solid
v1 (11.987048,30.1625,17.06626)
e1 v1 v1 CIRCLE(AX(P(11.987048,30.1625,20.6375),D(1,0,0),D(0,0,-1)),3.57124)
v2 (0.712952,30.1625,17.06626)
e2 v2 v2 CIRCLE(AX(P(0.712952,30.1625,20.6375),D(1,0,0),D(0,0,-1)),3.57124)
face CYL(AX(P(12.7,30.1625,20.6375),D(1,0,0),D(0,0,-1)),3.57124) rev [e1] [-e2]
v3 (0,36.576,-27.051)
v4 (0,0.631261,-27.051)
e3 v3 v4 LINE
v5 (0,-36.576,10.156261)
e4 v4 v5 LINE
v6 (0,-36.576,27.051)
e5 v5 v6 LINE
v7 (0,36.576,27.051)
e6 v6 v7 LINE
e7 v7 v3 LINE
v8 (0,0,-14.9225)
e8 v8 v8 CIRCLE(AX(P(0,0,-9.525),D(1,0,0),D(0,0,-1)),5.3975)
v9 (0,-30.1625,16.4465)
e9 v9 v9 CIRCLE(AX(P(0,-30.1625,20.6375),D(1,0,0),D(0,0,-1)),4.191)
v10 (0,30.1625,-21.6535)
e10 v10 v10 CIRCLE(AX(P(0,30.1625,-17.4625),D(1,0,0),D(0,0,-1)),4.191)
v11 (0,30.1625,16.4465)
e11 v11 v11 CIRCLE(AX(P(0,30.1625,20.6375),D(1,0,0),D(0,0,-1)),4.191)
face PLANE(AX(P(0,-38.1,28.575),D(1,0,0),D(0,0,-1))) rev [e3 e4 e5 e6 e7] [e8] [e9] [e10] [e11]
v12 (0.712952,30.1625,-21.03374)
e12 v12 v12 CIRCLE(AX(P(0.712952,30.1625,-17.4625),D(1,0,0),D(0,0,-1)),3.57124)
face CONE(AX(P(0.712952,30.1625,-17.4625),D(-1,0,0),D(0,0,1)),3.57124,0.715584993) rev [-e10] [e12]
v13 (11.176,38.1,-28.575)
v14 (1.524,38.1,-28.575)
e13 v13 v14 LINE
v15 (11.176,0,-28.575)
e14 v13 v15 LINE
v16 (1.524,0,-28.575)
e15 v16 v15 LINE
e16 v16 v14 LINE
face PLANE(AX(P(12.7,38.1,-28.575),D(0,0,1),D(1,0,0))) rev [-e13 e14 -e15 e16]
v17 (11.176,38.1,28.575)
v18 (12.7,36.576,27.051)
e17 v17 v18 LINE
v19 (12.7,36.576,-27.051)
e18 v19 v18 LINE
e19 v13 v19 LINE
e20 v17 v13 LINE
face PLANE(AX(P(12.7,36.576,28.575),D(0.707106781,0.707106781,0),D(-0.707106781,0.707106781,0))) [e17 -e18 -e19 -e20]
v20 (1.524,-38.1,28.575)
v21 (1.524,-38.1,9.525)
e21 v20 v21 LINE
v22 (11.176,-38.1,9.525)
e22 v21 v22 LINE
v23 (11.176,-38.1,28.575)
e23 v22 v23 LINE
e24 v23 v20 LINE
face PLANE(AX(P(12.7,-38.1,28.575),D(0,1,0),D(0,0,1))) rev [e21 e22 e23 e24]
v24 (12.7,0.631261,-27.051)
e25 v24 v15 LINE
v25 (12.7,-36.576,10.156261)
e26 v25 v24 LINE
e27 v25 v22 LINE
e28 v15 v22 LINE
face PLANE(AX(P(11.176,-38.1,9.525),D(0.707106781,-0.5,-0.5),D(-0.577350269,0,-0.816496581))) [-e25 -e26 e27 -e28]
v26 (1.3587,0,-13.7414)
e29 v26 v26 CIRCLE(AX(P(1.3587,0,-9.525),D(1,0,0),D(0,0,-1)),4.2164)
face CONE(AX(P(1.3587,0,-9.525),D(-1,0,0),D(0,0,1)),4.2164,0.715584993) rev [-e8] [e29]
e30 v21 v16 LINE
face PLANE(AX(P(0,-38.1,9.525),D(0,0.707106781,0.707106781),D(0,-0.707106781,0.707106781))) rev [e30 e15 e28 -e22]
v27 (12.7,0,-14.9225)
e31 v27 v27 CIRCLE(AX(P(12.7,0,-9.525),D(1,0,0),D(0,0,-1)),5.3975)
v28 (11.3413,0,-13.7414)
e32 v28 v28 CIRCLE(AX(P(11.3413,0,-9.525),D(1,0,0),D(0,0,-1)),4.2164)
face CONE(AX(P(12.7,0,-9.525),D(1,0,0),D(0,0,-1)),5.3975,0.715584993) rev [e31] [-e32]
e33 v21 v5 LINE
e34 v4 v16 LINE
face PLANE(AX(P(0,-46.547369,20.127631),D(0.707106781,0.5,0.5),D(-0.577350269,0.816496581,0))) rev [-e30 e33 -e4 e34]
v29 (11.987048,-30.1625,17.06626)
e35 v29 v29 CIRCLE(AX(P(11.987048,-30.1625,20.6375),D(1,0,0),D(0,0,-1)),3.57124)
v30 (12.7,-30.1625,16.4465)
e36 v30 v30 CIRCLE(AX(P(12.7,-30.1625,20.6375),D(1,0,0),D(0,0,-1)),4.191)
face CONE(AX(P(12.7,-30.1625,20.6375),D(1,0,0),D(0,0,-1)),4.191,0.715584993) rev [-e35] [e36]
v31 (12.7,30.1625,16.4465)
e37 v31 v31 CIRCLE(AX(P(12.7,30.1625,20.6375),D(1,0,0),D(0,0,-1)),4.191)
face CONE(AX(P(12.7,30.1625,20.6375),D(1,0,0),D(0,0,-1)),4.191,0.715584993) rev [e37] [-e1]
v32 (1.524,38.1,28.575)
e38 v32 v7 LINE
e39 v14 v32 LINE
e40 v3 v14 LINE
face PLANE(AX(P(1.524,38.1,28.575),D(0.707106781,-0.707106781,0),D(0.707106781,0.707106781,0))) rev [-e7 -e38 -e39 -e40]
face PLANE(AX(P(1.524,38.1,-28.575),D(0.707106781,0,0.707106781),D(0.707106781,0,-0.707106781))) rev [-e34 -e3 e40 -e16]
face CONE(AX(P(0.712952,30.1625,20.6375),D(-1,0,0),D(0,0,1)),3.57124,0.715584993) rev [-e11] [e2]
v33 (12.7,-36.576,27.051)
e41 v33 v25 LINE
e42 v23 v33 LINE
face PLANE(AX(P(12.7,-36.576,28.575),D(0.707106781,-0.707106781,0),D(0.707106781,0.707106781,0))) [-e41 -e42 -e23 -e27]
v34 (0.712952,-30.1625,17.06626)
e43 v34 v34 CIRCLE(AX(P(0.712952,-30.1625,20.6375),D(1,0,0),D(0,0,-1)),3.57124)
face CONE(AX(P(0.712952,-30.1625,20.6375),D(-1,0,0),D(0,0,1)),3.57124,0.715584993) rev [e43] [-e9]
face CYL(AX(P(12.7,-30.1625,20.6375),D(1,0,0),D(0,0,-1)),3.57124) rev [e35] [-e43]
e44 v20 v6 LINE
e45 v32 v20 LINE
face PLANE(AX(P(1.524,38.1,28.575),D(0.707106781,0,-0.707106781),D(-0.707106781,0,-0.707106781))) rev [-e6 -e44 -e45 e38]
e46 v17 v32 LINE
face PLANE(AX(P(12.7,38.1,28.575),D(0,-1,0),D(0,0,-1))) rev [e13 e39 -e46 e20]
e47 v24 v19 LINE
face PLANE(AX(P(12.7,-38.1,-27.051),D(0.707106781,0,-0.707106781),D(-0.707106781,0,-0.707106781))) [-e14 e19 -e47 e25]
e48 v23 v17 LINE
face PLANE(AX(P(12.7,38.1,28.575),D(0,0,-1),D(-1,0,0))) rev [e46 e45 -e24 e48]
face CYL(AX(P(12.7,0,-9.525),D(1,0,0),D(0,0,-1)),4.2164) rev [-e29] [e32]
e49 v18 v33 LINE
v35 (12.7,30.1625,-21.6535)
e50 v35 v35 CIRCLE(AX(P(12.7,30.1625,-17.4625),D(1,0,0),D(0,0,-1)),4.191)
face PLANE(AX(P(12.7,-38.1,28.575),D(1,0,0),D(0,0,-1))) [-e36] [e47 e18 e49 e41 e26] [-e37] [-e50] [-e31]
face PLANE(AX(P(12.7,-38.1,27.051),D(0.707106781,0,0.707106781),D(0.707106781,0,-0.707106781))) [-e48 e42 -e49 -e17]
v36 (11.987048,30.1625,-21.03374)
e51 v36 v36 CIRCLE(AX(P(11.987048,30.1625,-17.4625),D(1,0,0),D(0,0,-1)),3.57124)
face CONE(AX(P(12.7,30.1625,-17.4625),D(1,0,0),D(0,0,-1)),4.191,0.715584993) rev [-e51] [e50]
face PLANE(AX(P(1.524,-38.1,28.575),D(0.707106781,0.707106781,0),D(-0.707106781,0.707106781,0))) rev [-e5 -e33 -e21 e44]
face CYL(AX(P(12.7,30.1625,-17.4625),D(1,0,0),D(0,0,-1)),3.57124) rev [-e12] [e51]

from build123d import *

# Parameters (mm, degrees)
SKETCH1_W                        = 57.15
SKETCH1_H                        = 76.2
EXTRUDE1_DEPTH                   = 12.7
F_1_4_CLEARANCE_HOLE1_AT_2_COUNT = 2
F_1_4_CLEARANCE_HOLE1_AT_2_PITCH = 60.325
F_1_4_CLEARANCE_HOLE1_AT_3_COUNT = 2
F_1_4_CLEARANCE_HOLE1_AT_3_PITCH = 38.1
CUT_EXTRUDE2_DEPTH               = 13.7
CHAMFER1_SIZE                    = 1.524


with BuildPart() as part:
    # Sketch1 → Extrude1 (new body)
    with BuildSketch(Plane(origin=(0, 0, 0), x_dir=(0, 0, -1), z_dir=(1, 0, 0))):
        Rectangle(SKETCH1_W, SKETCH1_H)
    extrude(amount=EXTRUDE1_DEPTH)

    # Sketch2 → 1/4 Clearance Hole1 (revolve, cut)
    with BuildSketch(Plane(origin=(12.7, 30.1625, 20.6375), x_dir=(0, 0, -1), z_dir=(0, 1, 0))):
        Polygon((0, 0), (0, 12.7), (4.191, 12.7), (3.57124, 11.987047676), (3.57124, 0.712952324), (4.191, 0), align=None)
    f_1_4_clearance_hole1 = revolve(axis=Axis((19.05, 30.1625, 20.6375), (-1, 0, 0)), mode=Mode.SUBTRACT)

    # 1/4 Clearance Hole1 at 2: 1/4 Clearance Hole1 ×2
    with Locations(*[(0, -i * F_1_4_CLEARANCE_HOLE1_AT_2_PITCH, 0) for i in range(1, F_1_4_CLEARANCE_HOLE1_AT_2_COUNT)]):
        add(f_1_4_clearance_hole1, mode=Mode.SUBTRACT)

    # 1/4 Clearance Hole1 at 3: 1/4 Clearance Hole1 ×2
    with Locations(*[(0, 0, -i * F_1_4_CLEARANCE_HOLE1_AT_3_PITCH) for i in range(1, F_1_4_CLEARANCE_HOLE1_AT_3_COUNT)]):
        add(f_1_4_clearance_hole1, mode=Mode.SUBTRACT)

    # Sketch4 → 3/8-24 Tapped Hole1 (revolve, cut)
    with BuildSketch(Plane(origin=(12.7, 0, -9.525), x_dir=(0, 0, -1), z_dir=(0, 1, 0))):
        Polygon((0, 0), (0, 12.7), (5.3975, 12.7), (4.2164, 11.341299874), (4.2164, 1.358700126), (5.3975, 0), align=None)
    revolve(axis=Axis((19.05, 0, -9.525), (-1, 0, 0)), mode=Mode.SUBTRACT)

    # Sketch7 → Cut-Extrude2 (cut, through all)
    with BuildSketch(Plane(origin=(12.7, 0, 0), x_dir=(0, 0, -1), z_dir=(1, 0, 0))):
        Polygon((-9.525, -38.1), (28.575, 0), (28.575, -38.1), align=None)
    extrude(amount=-CUT_EXTRUDE2_DEPTH, mode=Mode.SUBTRACT)

    # Chamfer1
    chamfer1_edges = [part.edges().sort_by_distance(p)[0] for p in [
        (12.7, 38.1, 0),
        (12.7, 0, 28.575),
        (0, 38.1, 0),
        (0, 19.05, -28.575),
        (12.7, 19.05, -28.575),
        (0, -19.05, -9.525),
        (12.7, -19.05, -9.525),
        (0, -38.1, 19.05),
        (0, 0, 28.575),
        (12.7, -38.1, 19.05),
    ]]
    chamfer(chamfer1_edges, length=CHAMFER1_SIZE)


solid = part.part
